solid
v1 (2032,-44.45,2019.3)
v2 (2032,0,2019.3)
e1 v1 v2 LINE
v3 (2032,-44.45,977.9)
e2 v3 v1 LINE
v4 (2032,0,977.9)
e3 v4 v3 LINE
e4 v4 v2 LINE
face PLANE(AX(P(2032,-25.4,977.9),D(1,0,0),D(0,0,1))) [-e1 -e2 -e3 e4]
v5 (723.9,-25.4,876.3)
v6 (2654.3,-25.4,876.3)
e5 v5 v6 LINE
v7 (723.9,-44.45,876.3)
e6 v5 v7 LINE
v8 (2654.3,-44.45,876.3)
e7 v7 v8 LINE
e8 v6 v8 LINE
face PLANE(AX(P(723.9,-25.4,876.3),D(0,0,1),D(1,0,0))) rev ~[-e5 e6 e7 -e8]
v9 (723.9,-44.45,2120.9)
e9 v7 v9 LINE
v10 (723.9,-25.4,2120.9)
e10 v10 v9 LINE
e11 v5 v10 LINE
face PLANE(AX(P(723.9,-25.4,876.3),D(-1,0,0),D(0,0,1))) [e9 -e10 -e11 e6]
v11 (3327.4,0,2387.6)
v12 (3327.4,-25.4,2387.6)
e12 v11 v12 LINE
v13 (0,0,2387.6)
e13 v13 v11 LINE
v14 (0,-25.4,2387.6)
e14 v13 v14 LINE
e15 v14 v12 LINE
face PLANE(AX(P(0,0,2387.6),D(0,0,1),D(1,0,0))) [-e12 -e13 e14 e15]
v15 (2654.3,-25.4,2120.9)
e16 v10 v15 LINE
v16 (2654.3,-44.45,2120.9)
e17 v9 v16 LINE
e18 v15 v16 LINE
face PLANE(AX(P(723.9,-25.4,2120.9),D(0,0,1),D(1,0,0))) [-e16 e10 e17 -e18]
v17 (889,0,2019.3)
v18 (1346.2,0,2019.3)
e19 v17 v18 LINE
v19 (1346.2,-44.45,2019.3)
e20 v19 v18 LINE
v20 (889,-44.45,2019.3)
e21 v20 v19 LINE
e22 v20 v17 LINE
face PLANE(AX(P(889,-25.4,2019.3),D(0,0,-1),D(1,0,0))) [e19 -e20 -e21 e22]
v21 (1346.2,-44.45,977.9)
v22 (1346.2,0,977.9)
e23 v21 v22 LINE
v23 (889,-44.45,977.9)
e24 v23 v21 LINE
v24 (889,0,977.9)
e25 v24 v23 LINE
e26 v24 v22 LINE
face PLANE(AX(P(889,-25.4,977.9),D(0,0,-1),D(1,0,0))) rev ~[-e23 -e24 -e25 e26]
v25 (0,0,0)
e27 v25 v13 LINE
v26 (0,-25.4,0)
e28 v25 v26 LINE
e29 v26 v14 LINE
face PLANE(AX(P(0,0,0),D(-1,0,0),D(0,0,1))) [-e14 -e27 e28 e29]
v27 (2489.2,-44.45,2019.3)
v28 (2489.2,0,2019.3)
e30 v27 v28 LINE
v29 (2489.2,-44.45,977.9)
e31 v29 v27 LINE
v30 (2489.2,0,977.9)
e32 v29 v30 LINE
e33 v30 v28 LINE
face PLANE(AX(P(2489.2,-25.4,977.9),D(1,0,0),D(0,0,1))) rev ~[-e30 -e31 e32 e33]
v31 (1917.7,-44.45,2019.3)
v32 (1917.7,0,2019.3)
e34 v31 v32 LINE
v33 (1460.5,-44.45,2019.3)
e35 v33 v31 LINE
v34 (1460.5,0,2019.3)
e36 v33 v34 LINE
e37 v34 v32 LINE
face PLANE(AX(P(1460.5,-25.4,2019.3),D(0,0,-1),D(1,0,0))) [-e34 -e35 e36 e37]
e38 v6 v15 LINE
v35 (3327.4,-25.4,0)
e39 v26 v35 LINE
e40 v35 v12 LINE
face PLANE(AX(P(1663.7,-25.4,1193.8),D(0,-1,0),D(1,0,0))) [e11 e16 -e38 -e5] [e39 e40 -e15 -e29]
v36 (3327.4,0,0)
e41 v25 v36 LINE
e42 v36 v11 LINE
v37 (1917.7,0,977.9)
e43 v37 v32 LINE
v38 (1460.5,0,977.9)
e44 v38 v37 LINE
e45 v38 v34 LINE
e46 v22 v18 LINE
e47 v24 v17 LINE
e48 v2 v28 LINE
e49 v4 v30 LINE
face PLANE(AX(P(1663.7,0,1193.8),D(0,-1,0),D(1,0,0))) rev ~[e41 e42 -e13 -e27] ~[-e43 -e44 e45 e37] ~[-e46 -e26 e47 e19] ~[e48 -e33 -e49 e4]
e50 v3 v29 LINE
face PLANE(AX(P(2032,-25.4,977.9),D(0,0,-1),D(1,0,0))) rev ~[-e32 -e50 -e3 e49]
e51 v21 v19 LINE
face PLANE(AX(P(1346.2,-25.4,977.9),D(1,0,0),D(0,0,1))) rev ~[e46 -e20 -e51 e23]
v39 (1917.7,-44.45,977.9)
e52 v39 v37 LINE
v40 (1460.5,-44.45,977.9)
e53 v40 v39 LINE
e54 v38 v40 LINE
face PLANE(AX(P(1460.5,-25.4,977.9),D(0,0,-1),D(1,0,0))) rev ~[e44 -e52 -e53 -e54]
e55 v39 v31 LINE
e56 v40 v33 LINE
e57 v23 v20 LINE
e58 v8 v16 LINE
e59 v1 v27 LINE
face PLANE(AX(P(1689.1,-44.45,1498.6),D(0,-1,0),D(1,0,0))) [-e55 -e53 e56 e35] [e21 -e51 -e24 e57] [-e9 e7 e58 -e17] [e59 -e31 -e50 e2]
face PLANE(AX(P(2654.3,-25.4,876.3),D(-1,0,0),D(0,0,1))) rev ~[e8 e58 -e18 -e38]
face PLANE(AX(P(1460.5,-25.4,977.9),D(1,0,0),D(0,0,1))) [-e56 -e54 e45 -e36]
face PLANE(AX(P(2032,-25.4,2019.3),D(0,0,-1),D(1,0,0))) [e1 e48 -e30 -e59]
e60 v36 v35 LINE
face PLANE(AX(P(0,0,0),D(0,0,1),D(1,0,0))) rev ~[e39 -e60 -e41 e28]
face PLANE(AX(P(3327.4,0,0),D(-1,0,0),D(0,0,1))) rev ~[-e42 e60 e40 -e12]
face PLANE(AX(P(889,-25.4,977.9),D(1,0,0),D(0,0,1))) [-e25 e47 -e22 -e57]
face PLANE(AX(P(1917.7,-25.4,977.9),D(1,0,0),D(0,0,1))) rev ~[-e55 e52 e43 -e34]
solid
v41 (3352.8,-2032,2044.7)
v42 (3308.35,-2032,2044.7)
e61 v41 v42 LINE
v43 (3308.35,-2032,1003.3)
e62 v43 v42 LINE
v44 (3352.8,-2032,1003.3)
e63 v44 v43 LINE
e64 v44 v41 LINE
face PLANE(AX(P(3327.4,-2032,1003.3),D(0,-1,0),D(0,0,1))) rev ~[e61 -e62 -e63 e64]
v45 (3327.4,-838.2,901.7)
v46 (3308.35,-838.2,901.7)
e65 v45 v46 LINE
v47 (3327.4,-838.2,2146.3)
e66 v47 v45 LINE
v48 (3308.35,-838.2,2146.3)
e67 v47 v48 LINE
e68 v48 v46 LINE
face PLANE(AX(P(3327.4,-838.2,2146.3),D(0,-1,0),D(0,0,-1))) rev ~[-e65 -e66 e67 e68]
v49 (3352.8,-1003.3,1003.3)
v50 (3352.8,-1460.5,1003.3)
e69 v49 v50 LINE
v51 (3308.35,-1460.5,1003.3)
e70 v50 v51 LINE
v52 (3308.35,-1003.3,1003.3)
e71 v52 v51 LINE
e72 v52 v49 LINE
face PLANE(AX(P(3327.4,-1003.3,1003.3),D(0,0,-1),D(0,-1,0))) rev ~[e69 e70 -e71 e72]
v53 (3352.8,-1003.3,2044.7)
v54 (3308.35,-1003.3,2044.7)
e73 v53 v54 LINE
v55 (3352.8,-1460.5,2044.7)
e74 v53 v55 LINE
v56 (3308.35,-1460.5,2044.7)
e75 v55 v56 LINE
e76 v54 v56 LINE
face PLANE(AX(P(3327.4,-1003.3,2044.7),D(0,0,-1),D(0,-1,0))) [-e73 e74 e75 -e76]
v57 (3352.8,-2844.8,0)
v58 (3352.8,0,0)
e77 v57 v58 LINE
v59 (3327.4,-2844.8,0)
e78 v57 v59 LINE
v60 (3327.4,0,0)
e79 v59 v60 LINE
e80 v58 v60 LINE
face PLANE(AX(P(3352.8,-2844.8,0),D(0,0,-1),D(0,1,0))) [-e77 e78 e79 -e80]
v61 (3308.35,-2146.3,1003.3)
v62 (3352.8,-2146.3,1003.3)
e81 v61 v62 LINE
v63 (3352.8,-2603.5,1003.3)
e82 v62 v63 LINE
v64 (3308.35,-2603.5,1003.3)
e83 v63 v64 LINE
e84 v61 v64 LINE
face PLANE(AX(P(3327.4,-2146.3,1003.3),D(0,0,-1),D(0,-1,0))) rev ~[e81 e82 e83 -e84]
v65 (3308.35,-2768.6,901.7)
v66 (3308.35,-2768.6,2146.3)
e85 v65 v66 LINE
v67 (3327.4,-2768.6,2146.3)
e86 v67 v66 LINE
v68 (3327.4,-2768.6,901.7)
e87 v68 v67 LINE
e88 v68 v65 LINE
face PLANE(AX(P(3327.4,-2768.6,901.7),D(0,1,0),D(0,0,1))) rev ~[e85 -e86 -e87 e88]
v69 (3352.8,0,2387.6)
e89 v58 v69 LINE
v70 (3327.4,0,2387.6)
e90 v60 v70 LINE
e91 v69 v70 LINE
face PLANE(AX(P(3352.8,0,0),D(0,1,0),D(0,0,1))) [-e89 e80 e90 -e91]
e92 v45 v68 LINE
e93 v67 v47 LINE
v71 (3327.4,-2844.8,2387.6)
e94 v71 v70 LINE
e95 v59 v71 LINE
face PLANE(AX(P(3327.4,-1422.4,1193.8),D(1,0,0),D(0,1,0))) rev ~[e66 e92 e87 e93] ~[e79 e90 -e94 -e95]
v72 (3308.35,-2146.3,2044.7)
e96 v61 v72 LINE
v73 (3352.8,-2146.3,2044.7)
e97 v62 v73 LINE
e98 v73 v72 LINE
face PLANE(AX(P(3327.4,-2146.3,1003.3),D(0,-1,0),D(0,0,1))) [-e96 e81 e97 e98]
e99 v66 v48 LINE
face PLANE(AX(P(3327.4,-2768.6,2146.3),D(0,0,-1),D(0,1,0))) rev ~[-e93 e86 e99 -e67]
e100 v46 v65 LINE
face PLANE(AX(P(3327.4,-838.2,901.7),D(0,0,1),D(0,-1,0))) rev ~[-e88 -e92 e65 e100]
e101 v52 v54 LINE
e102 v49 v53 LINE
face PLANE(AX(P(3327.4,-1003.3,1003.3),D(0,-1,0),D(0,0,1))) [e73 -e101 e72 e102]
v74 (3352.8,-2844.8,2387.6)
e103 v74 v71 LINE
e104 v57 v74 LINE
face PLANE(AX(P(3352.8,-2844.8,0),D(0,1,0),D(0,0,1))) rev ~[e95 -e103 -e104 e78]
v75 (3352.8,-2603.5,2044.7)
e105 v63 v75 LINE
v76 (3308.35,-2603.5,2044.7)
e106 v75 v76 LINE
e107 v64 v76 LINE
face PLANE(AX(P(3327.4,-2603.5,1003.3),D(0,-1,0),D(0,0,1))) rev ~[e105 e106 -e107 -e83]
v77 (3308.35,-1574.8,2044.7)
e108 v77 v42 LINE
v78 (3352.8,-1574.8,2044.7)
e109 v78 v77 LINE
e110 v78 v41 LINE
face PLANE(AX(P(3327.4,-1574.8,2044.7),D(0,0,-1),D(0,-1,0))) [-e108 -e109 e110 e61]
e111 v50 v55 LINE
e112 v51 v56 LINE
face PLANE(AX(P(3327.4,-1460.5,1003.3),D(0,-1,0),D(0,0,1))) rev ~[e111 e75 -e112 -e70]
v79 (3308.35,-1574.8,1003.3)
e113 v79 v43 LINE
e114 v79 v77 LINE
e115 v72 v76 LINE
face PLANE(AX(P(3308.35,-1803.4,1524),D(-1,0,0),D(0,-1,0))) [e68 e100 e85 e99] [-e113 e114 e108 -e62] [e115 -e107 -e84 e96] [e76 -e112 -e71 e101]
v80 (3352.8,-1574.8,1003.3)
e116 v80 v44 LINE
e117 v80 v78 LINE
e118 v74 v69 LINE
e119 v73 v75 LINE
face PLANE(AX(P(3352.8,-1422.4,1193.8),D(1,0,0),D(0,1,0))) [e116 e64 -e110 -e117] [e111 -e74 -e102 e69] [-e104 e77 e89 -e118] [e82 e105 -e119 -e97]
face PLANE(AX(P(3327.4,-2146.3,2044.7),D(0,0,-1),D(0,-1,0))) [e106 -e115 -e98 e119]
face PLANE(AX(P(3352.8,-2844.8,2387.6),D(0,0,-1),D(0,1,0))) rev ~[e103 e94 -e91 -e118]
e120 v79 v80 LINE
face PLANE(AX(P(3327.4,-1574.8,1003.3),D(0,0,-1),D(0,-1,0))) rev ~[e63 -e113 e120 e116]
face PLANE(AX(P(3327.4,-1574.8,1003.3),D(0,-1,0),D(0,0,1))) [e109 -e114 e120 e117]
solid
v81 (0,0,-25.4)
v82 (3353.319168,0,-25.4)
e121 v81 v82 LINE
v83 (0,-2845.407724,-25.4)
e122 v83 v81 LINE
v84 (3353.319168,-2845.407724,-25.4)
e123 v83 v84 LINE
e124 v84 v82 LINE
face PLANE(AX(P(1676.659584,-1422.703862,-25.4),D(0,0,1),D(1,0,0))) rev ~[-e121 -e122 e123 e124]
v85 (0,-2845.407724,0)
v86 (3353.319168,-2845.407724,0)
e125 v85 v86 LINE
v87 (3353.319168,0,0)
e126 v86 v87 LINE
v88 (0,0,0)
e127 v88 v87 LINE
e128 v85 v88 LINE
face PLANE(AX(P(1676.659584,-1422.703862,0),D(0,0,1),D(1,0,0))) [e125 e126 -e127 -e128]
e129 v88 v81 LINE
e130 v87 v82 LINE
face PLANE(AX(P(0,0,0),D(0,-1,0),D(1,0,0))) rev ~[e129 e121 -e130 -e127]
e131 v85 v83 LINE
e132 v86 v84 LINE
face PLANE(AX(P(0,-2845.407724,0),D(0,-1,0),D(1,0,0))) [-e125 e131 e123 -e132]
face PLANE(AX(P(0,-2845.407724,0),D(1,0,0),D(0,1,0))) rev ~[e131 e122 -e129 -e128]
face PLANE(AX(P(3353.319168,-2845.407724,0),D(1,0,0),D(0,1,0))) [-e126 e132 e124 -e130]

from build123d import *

# Parameters (mm, degrees)
F0_W      = 3327.4
F0_H      = 2387.6
F1_DEPTH  = 25.4
F2_W      = 1930.4
F2_H      = 1244.6
F2_W_2    = 457.2
F2_H_2    = 1041.4
F3_DEPTH  = 19.05
F4_DEPTH  = 25.4
F6_W      = 2844.8
F6_H      = 2387.6
F7_DEPTH  = 25.4
F8_W      = 457.2
F8_H      = 1041.4
F9_DEPTH  = 19.05
F10_DEPTH = 25.4
F11_W     = 3353.3191680908
F11_H     = 2845.4077243805
F12_DEPTH = 25.4


with BuildPart() as f1:
    # F0 (on Front) → F1 (new body)
    with BuildSketch(Plane.XZ):
        with Locations((1663.7, 1193.8)):
            Rectangle(F0_W, F0_H)
    extrude(amount=F1_DEPTH)

    # F2 (on face) → F3 (join)
    with BuildSketch(Plane.XZ.offset(25.4)):
        with Locations((1689.1, 1498.6)):
            Rectangle(F2_W, F2_H)
        with Locations((1117.6, 1498.6)):
            Rectangle(F2_W_2, F2_H_2, mode=Mode.SUBTRACT)
        with Locations((1689.1, 1498.6)):
            Rectangle(F2_W_2, F2_H_2, mode=Mode.SUBTRACT)
        with Locations((2260.6, 1498.6)):
            Rectangle(F2_W_2, F2_H_2, mode=Mode.SUBTRACT)
    extrude(amount=F3_DEPTH)

    # F4 (cut): faces of the model
    f4_faces = [f1.faces().sort_by_distance(p)[0] for p in [
        (1117.6, -25.4, 1498.6),
        (1689.1, -25.4, 1498.6),
        (2260.6, -25.4, 1498.6),
    ]]
    extrude(f4_faces, amount=-F4_DEPTH, mode=Mode.SUBTRACT)


with BuildPart() as f7:
    # F6 (on offset) → F7 (new body)
    with BuildSketch(Plane.YZ.offset(3352.8)):
        with Locations((-1422.4, 1193.8)):
            Rectangle(F6_W, F6_H)
    extrude(amount=-F7_DEPTH)

    # F8 (on face) → F9 (join)
    with BuildSketch(Plane(origin=(3327.4, 0, 0), x_dir=(0, -1, 0), z_dir=(-1, 0, 0))):
        Polygon((2768.6, 2146.3), (838.2, 2146.3), (838.2, 901.7), (1409.7, 901.7), (1981.2, 901.7), (2768.6, 901.7), align=None)
        with Locations((1231.9, 1524)):
            Rectangle(F8_W, F8_H, mode=Mode.SUBTRACT)
        with Locations((1803.4, 1524)):
            Rectangle(F8_W, F8_H, mode=Mode.SUBTRACT)
        with Locations((2374.9, 1524)):
            Rectangle(F8_W, F8_H, mode=Mode.SUBTRACT)
    extrude(amount=F9_DEPTH)

    # F10 (cut): faces of the model
    f10_faces = [f7.faces().sort_by_distance(p)[0] for p in [
        (3327.4, -1231.9, 1524),
        (3327.4, -1803.4, 1524),
        (3327.4, -2374.9, 1524),
    ]]
    extrude(f10_faces, amount=-F10_DEPTH, mode=Mode.SUBTRACT)


with BuildPart() as f12:
    # F11 (on Top) → F12 (new body)
    with BuildSketch(Plane.XY):
        with Locations((1676.6595840454, -1422.7038621902)):
            Rectangle(F11_W, F11_H)
    extrude(amount=-F12_DEPTH)


solid = Compound([f1.part, f7.part, f12.part])
